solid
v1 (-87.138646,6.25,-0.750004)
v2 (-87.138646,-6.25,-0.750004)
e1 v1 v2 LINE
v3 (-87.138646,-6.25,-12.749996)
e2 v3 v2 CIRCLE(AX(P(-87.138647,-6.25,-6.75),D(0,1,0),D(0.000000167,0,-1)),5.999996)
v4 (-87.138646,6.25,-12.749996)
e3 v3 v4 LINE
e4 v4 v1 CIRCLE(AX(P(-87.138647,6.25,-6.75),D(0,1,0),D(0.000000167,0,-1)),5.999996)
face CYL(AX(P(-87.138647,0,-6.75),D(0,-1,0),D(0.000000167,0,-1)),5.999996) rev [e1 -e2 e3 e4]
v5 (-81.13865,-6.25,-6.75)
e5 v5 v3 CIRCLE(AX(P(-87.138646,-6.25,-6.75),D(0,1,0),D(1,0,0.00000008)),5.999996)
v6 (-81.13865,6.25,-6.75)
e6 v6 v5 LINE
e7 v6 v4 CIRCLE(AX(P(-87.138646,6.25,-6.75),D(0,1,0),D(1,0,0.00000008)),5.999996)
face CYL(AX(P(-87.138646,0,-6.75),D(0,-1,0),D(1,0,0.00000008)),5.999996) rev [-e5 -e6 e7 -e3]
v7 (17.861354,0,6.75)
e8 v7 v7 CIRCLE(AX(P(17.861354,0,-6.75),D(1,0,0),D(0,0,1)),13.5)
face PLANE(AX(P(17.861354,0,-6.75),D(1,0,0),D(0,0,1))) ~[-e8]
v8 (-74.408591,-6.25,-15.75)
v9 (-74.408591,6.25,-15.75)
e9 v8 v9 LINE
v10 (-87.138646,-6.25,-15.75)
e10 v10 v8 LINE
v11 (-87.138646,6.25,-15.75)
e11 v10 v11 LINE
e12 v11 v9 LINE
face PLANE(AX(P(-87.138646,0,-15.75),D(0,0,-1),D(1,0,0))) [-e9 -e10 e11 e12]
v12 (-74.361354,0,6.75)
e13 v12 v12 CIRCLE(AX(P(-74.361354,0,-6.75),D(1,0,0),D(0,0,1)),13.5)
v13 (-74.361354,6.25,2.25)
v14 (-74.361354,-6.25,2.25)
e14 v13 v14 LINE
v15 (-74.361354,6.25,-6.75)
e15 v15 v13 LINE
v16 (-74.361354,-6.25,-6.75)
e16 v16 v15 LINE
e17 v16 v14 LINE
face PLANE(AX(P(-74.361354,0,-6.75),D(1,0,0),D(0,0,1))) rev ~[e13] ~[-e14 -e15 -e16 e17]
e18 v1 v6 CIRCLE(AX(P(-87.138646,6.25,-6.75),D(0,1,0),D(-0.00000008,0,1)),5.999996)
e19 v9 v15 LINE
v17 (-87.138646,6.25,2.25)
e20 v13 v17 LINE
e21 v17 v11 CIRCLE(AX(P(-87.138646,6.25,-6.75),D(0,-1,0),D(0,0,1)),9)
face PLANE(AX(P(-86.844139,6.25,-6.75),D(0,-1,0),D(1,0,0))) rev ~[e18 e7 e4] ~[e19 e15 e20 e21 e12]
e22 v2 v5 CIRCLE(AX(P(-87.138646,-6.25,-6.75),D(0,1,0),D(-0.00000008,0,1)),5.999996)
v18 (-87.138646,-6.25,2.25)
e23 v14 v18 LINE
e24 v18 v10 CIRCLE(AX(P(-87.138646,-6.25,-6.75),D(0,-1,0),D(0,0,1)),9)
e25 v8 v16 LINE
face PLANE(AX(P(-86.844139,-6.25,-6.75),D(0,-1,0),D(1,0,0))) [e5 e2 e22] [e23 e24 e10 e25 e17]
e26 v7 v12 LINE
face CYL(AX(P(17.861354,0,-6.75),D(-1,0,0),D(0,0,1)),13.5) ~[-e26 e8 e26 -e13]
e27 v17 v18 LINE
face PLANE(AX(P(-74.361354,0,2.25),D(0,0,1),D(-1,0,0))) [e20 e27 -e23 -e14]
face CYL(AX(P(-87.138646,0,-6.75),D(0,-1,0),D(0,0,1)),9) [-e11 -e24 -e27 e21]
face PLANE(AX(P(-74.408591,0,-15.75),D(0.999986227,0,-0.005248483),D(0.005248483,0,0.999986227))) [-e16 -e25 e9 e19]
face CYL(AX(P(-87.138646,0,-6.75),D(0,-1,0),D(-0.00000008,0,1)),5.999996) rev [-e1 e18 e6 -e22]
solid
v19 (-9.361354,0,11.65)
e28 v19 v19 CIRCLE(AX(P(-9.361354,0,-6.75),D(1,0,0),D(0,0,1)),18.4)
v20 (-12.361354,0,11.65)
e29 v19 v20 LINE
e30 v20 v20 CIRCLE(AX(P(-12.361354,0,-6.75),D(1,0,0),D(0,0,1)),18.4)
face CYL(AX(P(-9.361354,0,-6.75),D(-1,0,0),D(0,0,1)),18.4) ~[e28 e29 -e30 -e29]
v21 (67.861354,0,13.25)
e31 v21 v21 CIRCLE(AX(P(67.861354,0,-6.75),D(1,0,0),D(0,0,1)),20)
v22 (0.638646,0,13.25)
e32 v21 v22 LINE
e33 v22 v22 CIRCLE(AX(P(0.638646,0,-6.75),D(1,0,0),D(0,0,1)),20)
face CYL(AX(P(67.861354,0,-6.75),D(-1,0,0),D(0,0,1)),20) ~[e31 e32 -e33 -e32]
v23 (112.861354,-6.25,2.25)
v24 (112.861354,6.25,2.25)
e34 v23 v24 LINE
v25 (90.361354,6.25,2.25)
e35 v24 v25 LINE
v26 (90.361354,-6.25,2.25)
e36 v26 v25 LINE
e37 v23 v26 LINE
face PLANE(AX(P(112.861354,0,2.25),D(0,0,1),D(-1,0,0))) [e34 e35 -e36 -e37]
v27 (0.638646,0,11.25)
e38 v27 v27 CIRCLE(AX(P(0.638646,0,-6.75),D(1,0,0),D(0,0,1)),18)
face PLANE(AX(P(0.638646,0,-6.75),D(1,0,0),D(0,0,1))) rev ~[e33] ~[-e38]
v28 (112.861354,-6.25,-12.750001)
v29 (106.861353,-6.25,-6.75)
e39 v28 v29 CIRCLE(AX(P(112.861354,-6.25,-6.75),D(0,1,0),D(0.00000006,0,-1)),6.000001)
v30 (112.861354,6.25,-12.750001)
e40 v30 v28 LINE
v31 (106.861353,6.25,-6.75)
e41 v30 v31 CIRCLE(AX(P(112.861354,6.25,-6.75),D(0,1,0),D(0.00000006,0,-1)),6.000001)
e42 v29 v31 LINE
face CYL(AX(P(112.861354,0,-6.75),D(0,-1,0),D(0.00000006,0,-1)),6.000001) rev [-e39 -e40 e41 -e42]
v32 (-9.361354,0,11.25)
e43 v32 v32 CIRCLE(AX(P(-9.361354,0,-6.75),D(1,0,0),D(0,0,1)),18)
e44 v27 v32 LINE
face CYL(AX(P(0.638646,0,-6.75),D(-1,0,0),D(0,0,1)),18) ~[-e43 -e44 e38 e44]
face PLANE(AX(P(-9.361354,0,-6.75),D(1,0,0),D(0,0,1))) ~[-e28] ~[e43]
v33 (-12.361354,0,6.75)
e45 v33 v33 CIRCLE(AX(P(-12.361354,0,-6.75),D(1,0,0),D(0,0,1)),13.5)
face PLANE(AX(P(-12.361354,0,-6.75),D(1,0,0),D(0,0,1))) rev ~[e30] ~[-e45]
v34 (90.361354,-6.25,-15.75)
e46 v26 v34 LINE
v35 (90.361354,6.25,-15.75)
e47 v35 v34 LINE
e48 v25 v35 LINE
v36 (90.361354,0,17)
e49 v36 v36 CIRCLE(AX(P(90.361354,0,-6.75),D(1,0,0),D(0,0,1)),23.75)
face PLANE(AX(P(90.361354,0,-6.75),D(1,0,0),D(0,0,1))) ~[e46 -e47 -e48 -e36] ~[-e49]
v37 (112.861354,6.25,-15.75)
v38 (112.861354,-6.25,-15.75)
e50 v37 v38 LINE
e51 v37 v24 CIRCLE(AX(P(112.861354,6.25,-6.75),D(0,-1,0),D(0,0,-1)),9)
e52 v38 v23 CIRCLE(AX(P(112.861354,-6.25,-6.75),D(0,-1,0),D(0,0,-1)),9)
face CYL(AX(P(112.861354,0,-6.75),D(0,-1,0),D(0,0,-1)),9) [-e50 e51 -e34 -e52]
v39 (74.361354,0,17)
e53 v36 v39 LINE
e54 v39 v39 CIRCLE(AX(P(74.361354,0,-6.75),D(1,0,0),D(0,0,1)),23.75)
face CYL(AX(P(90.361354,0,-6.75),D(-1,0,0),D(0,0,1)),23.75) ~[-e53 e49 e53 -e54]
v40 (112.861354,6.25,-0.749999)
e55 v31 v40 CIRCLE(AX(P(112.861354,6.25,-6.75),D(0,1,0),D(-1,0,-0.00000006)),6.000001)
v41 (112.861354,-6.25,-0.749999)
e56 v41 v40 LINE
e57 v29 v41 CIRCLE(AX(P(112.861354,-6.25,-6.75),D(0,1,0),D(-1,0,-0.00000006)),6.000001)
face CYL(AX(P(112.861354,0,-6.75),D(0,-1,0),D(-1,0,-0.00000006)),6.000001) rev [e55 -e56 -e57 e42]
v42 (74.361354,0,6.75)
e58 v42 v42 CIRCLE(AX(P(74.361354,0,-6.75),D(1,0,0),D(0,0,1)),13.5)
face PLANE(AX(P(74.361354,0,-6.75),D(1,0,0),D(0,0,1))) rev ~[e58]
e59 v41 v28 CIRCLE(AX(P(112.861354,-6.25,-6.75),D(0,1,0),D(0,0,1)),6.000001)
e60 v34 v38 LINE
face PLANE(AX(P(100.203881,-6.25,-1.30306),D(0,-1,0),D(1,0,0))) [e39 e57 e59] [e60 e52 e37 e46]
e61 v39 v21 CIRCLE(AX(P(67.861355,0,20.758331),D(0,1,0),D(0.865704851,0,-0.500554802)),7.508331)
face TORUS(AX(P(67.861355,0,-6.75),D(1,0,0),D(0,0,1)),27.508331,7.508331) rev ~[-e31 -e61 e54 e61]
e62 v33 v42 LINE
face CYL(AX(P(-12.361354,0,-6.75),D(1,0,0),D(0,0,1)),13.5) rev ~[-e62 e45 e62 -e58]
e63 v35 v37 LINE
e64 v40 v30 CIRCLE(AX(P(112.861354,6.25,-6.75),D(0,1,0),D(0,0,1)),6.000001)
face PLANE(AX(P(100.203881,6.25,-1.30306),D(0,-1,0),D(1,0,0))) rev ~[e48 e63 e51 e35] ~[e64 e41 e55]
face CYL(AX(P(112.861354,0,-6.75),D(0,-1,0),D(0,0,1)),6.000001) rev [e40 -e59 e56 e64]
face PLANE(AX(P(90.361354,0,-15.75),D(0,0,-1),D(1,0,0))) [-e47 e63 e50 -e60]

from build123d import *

# Parameters (mm, degrees)
F0_W     = 30.222708
F0_H     = 13.5
F3_DEPTH = 6.25
F4_DEPTH = 6.25


with BuildPart() as f1:
    # F0 (on Front) → F1 (revolve)
    with BuildSketch(Plane.XZ):
        with BuildLine():
            Line((-12.361354, 11.65), (-12.361354, 6.75))
            Line((-12.361354, 6.75), (17.861354, 6.75))
            Line((17.861354, 6.75), (74.361354, 6.75))
            Line((74.361354, 6.75), (74.361354, -6.75))
            Line((74.361354, -6.75), (90.361354, -6.75))
            Line((90.361354, -6.75), (90.361354, 2.25))
            Line((90.361354, 2.25), (90.361354, 17))
            Line((90.361354, 17), (74.361354, 17))
            ThreePointArc((74.361354, 17), (71.613437, 14.254723), (67.861354, 13.25))
            Line((67.861354, 13.25), (0.638646, 13.25))
            Line((0.638646, 13.25), (0.638646, 11.25))
            Line((0.638646, 11.25), (-9.361354, 11.25))
            Line((-9.361354, 11.25), (-9.361354, 11.65))
            Line((-9.361354, 11.65), (-12.361354, 11.65))
        make_face()
    revolve(axis=Axis((93.611354, 0, -6.75), (1, 0, 0)))

    # F0 (on Front) → F4 (join, symmetric)
    with BuildSketch(Plane.XZ):
        with BuildLine():
            Line((90.361354, 2.25), (90.361354, -6.75))
            Line((90.361354, -6.75), (103.861354, -6.75))
            ThreePointArc((103.861354, -6.75), (106.497393, -0.386039), (112.861354, 2.25))
            Line((112.861354, 2.25), (90.361354, 2.25))
        make_face()
        with BuildLine():
            Line((103.861354, -6.75), (90.361354, -6.75))
            Line((90.361354, -6.75), (90.361354, -15.75))
            Line((90.361354, -15.75), (112.861354, -15.75))
            ThreePointArc((112.861354, -15.75), (106.497393, -13.113961), (103.861354, -6.75))
        make_face()
        with BuildLine():
            ThreePointArc((112.861354, 2.25), (106.497393, -0.386039), (103.861354, -6.75))
            ThreePointArc((103.861354, -6.75), (106.497393, -13.113961), (112.861354, -15.75))
            ThreePointArc((112.861354, -15.75), (121.861354, -6.75), (112.861354, 2.25))
        make_face()
        with BuildLine():
            ThreePointArc((112.861354, -12.750001), (108.618712, -10.992641), (106.861353, -6.75))
            ThreePointArc((106.861353, -6.75), (108.618712, -2.507359), (112.861354, -0.749999))
            ThreePointArc((112.861354, -0.749999), (118.861355, -6.75), (112.861354, -12.750001))
        make_face(mode=Mode.SUBTRACT)
    extrude(amount=F4_DEPTH, both=True)


with BuildPart() as f2:
    # F0 (on Front) → F2 (revolve)
    with BuildSketch(Plane.XZ):
        Polygon((-74.361354, 2.25), (-74.361354, -6.75), (-12.361354, -6.75), (-12.361354, 6.75), (-74.361354, 6.75), align=None)
        with Locations((2.75, 0)):
            Rectangle(F0_W, F0_H)
    revolve(axis=Axis((0, 0, -6.75), (1, 0, 0)))

    # F0 (on Front) → F3 (join, symmetric)
    with BuildSketch(Plane.XZ):
        with BuildLine():
            ThreePointArc((-87.138646, -15.75), (-80.774685, -13.113961), (-78.138646, -6.75))
            ThreePointArc((-78.138646, -6.75), (-80.774685, -0.386039), (-87.138646, 2.25))
            ThreePointArc((-87.138646, 2.25), (-96.138646, -6.75), (-87.138646, -15.75))
        make_face()
        with BuildLine():
            ThreePointArc((-87.138646, -0.750004), (-82.896008, -2.507362), (-81.13865, -6.75))
            ThreePointArc((-81.13865, -6.75), (-82.896008, -10.992638), (-87.138646, -12.749996))
            ThreePointArc((-87.138646, -12.749996), (-93.138643, -6.75), (-87.138646, -0.750004))
        make_face(mode=Mode.SUBTRACT)
        with BuildLine():
            Line((-78.138646, -6.75), (-74.361354, -6.75))
            Line((-74.361354, -6.75), (-74.361354, 2.25))
            Line((-74.361354, 2.25), (-87.138646, 2.25))
            ThreePointArc((-87.138646, 2.25), (-80.774685, -0.386039), (-78.138646, -6.75))
        make_face()
        with BuildLine():
            Line((-74.408591, -15.75), (-74.361354, -6.75))
            Line((-74.361354, -6.75), (-78.138646, -6.75))
            ThreePointArc((-78.138646, -6.75), (-80.774685, -13.113961), (-87.138646, -15.75))
            Line((-87.138646, -15.75), (-74.408591, -15.75))
        make_face()
    extrude(amount=F3_DEPTH, both=True)


solid = Compound([f1.part, f2.part])
